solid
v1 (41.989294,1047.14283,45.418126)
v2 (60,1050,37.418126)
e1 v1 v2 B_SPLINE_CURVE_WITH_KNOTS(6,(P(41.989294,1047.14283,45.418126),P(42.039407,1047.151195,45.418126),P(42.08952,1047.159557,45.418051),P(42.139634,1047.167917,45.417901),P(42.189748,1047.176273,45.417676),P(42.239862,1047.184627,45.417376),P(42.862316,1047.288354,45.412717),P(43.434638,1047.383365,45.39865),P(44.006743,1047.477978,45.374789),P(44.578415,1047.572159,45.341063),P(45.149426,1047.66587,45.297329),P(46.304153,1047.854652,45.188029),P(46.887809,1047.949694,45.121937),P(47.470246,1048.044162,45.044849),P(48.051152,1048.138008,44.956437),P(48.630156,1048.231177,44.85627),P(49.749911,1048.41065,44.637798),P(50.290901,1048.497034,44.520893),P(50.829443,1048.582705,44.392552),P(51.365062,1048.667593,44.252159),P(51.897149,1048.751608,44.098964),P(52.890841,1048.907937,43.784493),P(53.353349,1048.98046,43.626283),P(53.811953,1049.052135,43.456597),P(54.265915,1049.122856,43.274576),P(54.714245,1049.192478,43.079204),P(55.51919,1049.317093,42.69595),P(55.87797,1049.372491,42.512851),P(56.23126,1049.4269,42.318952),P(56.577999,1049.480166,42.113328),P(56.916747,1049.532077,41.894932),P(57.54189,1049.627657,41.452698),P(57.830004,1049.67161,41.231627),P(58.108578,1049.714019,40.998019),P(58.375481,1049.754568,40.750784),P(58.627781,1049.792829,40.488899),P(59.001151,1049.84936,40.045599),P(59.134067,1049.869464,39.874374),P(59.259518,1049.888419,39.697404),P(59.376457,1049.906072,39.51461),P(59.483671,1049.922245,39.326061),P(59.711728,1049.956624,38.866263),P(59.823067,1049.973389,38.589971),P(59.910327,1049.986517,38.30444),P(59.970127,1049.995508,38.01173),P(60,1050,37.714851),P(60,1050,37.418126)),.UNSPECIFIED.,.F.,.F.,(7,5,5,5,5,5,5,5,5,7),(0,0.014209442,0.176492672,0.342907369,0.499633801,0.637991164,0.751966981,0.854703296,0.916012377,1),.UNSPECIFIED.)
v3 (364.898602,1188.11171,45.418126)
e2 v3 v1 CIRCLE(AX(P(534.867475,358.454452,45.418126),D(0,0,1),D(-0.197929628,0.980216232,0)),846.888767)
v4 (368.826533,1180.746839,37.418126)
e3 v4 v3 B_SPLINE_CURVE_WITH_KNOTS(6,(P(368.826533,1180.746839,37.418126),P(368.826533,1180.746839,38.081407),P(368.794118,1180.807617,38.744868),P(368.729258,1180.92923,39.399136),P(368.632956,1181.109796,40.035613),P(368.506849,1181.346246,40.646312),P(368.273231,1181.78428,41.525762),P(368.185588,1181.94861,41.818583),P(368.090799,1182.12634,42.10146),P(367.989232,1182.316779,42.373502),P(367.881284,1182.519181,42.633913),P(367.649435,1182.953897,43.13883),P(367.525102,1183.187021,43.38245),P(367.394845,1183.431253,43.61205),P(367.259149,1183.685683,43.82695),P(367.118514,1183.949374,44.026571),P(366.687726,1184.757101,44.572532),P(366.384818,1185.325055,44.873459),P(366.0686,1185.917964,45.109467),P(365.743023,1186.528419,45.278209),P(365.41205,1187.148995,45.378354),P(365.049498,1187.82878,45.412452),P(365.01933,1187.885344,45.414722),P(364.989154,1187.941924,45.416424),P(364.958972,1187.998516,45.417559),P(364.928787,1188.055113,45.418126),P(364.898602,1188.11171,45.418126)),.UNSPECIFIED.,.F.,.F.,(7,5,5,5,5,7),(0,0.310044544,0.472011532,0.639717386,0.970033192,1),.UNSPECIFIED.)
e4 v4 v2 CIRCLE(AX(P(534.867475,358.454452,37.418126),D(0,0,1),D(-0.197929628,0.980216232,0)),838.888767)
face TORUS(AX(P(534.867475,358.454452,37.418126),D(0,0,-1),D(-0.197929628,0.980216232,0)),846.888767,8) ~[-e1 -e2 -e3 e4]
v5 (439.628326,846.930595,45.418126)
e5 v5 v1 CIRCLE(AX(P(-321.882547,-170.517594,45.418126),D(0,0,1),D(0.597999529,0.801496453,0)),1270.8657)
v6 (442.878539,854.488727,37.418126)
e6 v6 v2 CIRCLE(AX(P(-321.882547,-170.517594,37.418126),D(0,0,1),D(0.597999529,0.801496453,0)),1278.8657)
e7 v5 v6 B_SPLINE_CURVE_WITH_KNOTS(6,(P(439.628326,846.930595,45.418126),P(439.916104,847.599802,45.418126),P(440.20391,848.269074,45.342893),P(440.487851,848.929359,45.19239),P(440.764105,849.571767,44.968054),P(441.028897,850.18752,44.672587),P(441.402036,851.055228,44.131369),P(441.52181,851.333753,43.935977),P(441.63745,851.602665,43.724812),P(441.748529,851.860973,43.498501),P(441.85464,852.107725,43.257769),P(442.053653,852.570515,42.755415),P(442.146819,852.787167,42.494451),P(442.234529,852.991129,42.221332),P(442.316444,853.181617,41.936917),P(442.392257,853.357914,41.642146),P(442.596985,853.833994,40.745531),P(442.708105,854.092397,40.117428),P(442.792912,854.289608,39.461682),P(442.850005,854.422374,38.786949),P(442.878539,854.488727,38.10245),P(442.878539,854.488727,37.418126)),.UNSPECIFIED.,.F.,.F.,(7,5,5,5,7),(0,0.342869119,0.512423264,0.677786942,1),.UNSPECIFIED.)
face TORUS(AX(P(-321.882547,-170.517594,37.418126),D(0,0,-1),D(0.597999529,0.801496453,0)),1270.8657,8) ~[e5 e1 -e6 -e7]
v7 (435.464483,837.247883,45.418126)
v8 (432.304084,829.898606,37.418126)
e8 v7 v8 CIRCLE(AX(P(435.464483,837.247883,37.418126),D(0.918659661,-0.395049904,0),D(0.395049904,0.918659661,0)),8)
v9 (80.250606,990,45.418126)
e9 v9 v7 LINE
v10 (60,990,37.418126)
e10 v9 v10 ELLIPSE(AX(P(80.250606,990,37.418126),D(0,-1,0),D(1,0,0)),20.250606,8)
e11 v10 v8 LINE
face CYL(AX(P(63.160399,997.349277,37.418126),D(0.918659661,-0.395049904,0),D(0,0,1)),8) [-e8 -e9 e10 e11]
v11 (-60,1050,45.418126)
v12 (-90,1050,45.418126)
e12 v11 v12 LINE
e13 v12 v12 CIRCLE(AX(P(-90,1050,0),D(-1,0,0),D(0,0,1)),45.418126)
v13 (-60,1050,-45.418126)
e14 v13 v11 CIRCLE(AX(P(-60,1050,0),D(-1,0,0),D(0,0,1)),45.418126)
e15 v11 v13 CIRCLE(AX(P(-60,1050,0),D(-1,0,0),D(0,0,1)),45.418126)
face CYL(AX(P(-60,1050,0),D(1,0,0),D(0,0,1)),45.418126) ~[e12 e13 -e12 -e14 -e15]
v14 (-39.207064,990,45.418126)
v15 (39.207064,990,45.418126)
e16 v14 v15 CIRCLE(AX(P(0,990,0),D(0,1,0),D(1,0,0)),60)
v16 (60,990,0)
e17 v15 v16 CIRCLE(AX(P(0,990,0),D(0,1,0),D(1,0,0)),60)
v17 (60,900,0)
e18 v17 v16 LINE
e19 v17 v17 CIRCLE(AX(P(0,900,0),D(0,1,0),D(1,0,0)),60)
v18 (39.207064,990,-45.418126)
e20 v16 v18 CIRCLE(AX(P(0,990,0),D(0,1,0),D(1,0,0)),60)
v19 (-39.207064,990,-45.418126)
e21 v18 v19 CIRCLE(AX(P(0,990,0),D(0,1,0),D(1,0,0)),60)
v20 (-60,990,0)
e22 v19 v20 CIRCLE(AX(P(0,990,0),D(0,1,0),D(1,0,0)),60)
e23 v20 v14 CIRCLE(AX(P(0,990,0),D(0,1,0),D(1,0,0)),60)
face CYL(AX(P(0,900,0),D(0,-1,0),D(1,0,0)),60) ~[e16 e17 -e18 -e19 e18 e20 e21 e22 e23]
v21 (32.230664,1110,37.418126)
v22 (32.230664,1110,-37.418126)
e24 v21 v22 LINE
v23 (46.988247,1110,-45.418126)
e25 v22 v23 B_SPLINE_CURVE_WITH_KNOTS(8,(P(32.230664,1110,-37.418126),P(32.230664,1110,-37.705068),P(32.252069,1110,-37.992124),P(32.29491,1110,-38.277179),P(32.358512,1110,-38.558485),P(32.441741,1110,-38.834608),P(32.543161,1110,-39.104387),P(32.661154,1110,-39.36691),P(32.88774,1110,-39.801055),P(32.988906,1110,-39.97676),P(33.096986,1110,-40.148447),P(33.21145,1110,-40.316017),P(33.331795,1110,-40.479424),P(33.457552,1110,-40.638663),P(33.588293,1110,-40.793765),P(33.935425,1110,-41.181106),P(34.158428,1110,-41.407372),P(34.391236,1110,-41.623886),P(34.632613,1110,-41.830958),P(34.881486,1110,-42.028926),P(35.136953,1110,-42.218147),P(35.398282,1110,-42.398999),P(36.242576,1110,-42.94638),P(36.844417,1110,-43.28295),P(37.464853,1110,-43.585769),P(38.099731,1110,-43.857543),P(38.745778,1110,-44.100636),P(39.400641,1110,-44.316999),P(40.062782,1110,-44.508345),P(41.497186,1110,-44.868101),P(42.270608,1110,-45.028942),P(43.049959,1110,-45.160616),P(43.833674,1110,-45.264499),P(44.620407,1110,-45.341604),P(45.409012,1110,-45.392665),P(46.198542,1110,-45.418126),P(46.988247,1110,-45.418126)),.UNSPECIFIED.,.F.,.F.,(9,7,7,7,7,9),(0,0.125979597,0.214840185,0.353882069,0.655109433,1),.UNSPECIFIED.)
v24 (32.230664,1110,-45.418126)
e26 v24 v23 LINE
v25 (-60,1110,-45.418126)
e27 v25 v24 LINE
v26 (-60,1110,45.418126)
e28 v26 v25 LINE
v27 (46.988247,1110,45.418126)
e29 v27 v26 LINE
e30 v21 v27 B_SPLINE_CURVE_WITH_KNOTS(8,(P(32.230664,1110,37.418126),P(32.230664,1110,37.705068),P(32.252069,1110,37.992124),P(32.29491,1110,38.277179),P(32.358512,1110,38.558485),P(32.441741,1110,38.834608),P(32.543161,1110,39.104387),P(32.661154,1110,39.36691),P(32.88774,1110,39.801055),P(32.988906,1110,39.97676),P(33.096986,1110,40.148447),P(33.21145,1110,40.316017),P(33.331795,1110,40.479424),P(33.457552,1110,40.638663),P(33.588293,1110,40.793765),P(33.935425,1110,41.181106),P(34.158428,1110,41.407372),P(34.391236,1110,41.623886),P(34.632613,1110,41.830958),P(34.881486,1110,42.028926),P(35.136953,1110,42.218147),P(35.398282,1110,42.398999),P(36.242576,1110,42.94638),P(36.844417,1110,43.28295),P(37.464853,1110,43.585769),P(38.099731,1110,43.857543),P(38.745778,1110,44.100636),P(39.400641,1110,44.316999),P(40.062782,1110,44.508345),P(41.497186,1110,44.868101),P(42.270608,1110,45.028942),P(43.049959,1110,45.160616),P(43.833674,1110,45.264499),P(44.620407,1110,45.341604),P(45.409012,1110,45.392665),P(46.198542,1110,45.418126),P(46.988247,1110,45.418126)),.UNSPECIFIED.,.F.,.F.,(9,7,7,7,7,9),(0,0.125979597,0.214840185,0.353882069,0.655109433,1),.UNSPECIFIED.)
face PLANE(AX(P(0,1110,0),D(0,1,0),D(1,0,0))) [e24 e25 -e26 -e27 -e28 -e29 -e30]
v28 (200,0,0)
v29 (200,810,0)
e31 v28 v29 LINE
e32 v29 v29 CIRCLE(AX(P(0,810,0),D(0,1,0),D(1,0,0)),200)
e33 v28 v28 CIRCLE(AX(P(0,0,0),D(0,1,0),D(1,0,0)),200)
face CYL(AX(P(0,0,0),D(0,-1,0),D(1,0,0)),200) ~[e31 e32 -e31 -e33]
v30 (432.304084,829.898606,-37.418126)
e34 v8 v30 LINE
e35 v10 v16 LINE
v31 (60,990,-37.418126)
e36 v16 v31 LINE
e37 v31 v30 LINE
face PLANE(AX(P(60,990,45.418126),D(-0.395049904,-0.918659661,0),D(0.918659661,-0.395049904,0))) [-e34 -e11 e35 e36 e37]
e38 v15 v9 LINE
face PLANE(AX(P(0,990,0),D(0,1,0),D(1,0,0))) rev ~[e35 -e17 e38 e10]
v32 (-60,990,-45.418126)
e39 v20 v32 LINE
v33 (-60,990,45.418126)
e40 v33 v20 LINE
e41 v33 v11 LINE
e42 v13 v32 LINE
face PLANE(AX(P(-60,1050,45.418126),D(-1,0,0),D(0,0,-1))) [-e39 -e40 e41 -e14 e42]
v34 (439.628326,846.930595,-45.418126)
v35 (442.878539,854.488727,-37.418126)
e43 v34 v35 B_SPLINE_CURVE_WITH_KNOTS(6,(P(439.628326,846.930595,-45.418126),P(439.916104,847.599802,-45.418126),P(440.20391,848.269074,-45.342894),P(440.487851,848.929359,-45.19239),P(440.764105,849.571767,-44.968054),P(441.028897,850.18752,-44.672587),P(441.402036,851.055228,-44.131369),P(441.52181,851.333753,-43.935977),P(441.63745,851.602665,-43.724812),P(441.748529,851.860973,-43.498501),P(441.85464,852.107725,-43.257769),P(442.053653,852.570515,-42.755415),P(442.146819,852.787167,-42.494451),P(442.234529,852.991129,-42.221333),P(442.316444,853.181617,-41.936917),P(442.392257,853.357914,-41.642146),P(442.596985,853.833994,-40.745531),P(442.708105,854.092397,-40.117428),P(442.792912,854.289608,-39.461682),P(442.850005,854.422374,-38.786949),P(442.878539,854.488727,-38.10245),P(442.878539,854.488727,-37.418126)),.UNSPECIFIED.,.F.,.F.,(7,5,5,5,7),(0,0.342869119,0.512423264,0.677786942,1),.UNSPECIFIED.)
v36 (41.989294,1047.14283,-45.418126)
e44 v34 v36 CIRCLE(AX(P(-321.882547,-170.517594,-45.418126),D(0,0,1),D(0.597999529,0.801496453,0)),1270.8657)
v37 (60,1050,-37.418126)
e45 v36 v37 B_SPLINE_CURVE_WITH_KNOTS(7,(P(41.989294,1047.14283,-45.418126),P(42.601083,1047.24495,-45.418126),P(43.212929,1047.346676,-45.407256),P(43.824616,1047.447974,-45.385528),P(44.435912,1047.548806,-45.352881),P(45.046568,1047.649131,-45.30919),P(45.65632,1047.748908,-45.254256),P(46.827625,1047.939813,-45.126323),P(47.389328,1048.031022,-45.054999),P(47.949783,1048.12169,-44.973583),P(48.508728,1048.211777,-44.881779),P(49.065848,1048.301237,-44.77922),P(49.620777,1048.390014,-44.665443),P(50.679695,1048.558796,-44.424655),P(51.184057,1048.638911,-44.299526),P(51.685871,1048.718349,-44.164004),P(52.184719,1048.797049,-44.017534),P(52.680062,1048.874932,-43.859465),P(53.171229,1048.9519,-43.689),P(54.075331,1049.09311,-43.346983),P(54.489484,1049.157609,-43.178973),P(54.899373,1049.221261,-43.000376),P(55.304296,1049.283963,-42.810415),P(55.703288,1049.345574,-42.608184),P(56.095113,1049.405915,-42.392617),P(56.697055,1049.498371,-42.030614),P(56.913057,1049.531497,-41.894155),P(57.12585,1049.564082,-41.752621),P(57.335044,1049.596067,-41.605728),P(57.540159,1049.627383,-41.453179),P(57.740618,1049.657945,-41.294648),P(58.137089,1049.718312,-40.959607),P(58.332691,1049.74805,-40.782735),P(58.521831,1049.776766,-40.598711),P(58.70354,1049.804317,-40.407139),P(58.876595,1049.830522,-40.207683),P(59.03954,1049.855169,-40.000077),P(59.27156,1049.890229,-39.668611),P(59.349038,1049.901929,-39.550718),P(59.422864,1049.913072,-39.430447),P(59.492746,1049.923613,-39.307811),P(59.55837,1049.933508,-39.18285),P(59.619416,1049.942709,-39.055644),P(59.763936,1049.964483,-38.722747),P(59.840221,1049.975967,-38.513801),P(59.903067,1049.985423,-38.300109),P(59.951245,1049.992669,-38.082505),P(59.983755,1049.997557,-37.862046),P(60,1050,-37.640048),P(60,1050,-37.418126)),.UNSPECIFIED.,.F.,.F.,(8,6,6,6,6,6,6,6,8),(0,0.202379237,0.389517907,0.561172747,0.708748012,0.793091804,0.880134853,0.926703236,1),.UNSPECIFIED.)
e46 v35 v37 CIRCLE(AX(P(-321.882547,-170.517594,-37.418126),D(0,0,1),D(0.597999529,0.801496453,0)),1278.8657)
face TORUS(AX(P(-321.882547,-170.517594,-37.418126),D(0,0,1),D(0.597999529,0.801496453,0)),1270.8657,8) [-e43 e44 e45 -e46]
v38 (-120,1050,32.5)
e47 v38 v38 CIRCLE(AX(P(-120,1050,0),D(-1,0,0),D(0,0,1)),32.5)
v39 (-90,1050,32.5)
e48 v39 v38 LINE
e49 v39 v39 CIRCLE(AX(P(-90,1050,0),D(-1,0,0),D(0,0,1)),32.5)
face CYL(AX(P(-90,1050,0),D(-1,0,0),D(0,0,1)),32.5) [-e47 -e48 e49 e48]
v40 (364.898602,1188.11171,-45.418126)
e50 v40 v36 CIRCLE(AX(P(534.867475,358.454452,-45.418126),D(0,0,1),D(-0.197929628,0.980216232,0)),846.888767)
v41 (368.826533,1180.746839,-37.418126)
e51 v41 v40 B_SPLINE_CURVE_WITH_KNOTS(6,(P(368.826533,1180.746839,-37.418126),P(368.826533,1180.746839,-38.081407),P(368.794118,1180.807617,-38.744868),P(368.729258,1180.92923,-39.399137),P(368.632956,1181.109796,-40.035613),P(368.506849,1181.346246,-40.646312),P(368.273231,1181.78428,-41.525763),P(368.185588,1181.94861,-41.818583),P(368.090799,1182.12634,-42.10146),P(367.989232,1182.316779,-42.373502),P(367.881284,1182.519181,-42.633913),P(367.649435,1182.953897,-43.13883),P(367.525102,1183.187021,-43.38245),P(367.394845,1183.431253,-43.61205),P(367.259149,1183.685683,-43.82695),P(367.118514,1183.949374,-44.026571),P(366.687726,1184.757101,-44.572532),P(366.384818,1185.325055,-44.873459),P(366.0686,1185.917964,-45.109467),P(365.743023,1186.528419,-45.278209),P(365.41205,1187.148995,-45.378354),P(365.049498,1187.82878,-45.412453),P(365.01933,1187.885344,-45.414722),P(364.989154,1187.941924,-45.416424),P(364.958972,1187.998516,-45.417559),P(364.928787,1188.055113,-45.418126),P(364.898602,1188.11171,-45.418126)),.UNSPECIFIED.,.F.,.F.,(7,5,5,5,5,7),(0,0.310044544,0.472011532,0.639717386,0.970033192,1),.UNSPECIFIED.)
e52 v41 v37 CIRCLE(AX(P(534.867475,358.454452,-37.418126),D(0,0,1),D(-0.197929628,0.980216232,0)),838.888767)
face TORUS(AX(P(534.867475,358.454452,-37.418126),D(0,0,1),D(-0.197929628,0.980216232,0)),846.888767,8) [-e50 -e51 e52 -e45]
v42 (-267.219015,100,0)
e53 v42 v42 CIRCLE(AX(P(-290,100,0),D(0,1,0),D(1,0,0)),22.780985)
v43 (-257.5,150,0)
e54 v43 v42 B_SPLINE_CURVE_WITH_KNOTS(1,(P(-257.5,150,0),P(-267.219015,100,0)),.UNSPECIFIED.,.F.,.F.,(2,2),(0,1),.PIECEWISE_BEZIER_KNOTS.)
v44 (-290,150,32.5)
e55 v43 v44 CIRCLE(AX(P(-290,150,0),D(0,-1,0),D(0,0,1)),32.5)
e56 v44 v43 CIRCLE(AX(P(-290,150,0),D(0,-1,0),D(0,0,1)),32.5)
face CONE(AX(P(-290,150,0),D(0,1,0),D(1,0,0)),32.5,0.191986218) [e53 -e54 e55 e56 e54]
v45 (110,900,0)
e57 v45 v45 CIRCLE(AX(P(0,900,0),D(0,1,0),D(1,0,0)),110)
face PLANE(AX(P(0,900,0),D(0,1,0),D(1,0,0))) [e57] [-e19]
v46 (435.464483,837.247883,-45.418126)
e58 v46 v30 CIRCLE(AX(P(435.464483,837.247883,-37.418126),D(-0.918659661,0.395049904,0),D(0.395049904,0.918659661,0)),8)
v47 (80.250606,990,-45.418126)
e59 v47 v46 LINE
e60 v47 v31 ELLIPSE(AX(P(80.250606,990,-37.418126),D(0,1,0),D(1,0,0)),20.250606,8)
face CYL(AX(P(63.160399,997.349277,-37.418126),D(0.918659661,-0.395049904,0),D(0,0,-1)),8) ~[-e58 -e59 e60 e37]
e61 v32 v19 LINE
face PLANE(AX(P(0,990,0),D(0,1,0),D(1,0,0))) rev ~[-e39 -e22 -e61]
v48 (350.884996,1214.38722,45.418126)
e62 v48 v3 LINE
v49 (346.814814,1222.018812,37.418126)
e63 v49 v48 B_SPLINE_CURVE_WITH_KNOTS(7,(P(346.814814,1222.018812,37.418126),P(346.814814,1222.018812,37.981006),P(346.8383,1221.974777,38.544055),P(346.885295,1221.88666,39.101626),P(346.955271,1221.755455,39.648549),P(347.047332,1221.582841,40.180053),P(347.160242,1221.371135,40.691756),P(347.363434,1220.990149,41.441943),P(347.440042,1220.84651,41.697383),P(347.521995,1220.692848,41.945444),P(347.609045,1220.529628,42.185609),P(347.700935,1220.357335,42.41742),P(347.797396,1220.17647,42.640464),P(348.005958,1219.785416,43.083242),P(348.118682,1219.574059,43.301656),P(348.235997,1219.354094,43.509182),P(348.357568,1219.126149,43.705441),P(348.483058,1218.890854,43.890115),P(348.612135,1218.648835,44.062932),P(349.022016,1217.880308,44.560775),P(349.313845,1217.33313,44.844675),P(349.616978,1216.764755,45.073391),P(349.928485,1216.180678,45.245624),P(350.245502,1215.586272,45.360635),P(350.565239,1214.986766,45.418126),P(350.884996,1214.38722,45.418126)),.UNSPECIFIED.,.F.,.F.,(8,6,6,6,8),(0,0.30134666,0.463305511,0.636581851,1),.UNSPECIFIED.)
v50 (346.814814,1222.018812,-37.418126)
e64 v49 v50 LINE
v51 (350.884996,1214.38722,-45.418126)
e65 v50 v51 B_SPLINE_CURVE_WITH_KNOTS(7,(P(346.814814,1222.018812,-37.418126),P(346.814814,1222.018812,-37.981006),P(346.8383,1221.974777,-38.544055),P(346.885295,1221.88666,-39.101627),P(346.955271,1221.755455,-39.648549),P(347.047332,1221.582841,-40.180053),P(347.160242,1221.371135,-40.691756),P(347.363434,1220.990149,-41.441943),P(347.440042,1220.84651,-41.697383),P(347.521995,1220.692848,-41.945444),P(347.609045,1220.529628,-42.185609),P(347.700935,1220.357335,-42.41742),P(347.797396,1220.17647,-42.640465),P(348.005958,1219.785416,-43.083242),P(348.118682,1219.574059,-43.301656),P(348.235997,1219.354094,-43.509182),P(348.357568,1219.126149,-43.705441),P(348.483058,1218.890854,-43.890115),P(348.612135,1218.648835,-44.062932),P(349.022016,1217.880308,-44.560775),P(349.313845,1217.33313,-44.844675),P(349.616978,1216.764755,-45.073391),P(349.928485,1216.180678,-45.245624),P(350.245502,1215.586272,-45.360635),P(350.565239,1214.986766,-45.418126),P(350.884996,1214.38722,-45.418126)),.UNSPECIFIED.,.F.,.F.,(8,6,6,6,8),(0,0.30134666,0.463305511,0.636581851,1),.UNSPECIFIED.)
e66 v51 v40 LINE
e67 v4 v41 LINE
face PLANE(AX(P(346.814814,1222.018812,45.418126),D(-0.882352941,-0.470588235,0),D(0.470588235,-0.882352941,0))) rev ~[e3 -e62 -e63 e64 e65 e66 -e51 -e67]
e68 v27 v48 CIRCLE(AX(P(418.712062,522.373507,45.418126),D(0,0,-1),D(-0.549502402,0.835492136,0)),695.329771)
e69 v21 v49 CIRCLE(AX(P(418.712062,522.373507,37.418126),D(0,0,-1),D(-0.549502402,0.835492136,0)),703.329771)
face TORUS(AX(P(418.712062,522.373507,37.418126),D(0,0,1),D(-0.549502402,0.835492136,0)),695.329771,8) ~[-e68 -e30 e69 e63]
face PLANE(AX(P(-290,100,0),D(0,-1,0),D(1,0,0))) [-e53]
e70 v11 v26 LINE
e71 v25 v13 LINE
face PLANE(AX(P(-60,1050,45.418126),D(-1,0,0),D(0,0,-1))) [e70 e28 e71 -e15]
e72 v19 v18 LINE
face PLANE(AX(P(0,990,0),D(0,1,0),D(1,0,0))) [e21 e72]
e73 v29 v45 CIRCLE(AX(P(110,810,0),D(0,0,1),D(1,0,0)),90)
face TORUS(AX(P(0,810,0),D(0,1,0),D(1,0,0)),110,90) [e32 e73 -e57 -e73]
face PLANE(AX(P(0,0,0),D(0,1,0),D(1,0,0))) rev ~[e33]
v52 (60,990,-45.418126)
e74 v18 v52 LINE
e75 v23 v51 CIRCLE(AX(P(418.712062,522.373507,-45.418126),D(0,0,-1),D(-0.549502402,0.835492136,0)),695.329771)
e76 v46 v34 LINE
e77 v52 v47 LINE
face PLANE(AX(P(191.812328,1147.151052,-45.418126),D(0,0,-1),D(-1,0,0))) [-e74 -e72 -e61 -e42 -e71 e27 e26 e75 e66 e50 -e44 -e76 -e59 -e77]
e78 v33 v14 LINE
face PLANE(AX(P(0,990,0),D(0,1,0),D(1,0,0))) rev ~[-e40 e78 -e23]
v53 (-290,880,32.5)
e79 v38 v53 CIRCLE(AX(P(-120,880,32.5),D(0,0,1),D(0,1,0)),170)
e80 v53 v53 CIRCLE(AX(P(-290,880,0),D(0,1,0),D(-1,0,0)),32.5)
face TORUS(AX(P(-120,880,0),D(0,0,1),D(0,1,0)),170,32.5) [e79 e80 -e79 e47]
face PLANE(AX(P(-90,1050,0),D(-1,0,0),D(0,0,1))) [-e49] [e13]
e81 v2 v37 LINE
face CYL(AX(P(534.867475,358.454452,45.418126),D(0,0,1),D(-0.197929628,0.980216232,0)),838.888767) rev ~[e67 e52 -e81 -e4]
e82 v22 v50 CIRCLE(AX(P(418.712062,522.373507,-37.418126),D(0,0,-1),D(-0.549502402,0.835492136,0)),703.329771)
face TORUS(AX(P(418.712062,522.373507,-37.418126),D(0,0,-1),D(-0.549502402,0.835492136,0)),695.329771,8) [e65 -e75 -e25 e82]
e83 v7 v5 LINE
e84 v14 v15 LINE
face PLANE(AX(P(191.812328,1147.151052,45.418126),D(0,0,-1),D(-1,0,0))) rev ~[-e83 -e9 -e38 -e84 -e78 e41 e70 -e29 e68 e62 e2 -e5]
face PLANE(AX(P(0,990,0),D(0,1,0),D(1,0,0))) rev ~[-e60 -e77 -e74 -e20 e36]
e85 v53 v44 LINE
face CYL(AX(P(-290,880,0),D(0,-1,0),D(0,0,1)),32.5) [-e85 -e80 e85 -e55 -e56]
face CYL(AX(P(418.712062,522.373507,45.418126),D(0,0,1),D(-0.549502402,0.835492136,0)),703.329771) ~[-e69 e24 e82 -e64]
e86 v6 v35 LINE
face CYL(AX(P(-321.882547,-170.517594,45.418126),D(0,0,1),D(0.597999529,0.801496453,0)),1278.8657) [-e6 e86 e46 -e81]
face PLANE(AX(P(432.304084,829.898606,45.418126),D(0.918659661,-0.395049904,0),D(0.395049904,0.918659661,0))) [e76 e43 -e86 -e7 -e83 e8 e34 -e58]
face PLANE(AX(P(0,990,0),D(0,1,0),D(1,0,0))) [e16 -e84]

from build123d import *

# Parameters (mm, degrees)
CROQUIS1_R              = 200
SALIENTE_EXTRUIR1_DEPTH = 900
REDONDEO1_R             = 90
CROQUIS2_R              = 60
SALIENTE_EXTRUIR2_DEPTH = 90
CROQUIS3_W              = 120
CROQUIS3_H              = 90.836251912
SALIENTE_EXTRUIR3_DEPTH = 60
SALIENTE_EXTRUIR4_DEPTH = 90.836252
CROQUIS5_W              = 120
CROQUIS5_H              = 90.836251912
SALIENTE_EXTRUIR5_DEPTH = 60
SALIENTE_EXTRUIR6_DEPTH = 90.836252
REDONDEO2_R             = 8
CROQUIS8_R              = 45.418125956
SALIENTE_EXTRUIR7_DEPTH = 30
CROQUIS9_R              = 32.5
CROQUIS10_R             = 32.5
SALIENTE_EXTRUIR8_DEPTH = 50
SALIENTE_EXTRUIR8_TAPER = 11


with BuildPart() as part:
    # Croquis1 → Saliente-Extruir1 (new body)
    with BuildSketch(Plane(origin=(0, 0, 0), x_dir=(1, 0, 0), z_dir=(0, 1, 0))):
        Circle(CROQUIS1_R)
    extrude(amount=SALIENTE_EXTRUIR1_DEPTH)

    # Redondeo1
    redondeo1_edges = [part.edges().sort_by_distance(p)[0] for p in [
        (-200, 900, 0),
    ]]
    fillet(redondeo1_edges, radius=REDONDEO1_R)

    # Croquis2 → Saliente-Extruir2 (add)
    with BuildSketch(Plane(origin=(0, 900, 0), x_dir=(1, 0, 0), z_dir=(0, 1, 0))):
        Circle(CROQUIS2_R)
    extrude(amount=SALIENTE_EXTRUIR2_DEPTH)

    # Croquis3 → Saliente-Extruir3 (add)
    with BuildSketch(Plane(origin=(0, 990, 0), x_dir=(1, 0, 0), z_dir=(0, 1, 0))):
        Rectangle(CROQUIS3_W, CROQUIS3_H)
    extrude(amount=SALIENTE_EXTRUIR3_DEPTH)

    # Croquis4 → Saliente-Extruir4 (add)
    with BuildSketch(Plane.XY.offset(45.418125956)):
        with BuildLine():
            Line((60, 990), (432.304083803, 829.898605595))
            Line((432.304083803, 829.898605595), (442.878538819, 854.488727381))
            ThreePointArc((442.878538819, 854.488727381), (259.713592606, 968.448343813), (60, 1050))
            Line((60, 1050), (60, 990))
        make_face()
    extrude(amount=-SALIENTE_EXTRUIR4_DEPTH)

    # Croquis5 → Saliente-Extruir5 (add)
    with BuildSketch(Plane(origin=(0, 1050, 0), x_dir=(1, 0, 0), z_dir=(0, 1, 0))):
        Rectangle(CROQUIS5_W, CROQUIS5_H)
    extrude(amount=SALIENTE_EXTRUIR5_DEPTH)

    # Croquis6 → Saliente-Extruir6 (add)
    with BuildSketch(Plane.XY.offset(45.418125956)):
        with BuildLine():
            Line((346.814814122, 1222.018811659), (368.82653308, 1180.746838612))
            ThreePointArc((368.82653308, 1180.746838612), (207.813070235, 1130.963209195), (60, 1050))
            Line((60, 1050), (60, 1110))
            Line((60, 1110), (32.230664011, 1110))
            ThreePointArc((32.230664011, 1110), (182.778174474, 1184.950270214), (346.814814122, 1222.018811659))
        make_face()
    extrude(amount=-SALIENTE_EXTRUIR6_DEPTH)

    # Redondeo2
    redondeo2_edges = [part.edges().sort_by_distance(p)[0] for p in [
        (246.152041901, 909.949302798, 45.418125956),
        (259.713592606, 968.448343813, 45.418125956),
        (259.713592606, 968.448343813, -45.418126044),
        (246.152041901, 909.949302798, -45.418126044),
        (207.813070235, 1130.963209195, 45.418125956),
        (182.778174474, 1184.950270214, 45.418125956),
        (207.813070235, 1130.963209195, -45.418126044),
        (182.778174474, 1184.950270214, -45.418126044),
    ]]
    fillet(redondeo2_edges, radius=REDONDEO2_R)

    # Croquis8 → Saliente-Extruir7 (add)
    with BuildSketch(Plane.ZY.offset(60)):
        with Locations((0, 1050)):
            Circle(CROQUIS8_R)
    extrude(amount=SALIENTE_EXTRUIR7_DEPTH)

    # Barrer1: sweep along a curve in space
    with BuildLine() as barrer1_path:
        Line((-90, 1050, 0), (-120, 1050, 0))
        ThreePointArc((-120, 1050, 0), (-240.208152802, 1000.208152802, 0), (-290, 880, 0))
        Line((-290, 880, 0), (-290, 150, 0))
    # Croquis9 → Barrer1 (sweep)
    with BuildSketch(Plane.ZY.offset(90)):
        with Locations((0, 1050)):
            Circle(CROQUIS9_R)
    sweep(path=barrer1_path.line)

    # Croquis10 → Saliente-Extruir8 (add)
    with BuildSketch(Plane.XZ.offset(-150)):
        with Locations((-290, 0)):
            Circle(CROQUIS10_R)
    extrude(amount=SALIENTE_EXTRUIR8_DEPTH, taper=SALIENTE_EXTRUIR8_TAPER)


solid = part.part
